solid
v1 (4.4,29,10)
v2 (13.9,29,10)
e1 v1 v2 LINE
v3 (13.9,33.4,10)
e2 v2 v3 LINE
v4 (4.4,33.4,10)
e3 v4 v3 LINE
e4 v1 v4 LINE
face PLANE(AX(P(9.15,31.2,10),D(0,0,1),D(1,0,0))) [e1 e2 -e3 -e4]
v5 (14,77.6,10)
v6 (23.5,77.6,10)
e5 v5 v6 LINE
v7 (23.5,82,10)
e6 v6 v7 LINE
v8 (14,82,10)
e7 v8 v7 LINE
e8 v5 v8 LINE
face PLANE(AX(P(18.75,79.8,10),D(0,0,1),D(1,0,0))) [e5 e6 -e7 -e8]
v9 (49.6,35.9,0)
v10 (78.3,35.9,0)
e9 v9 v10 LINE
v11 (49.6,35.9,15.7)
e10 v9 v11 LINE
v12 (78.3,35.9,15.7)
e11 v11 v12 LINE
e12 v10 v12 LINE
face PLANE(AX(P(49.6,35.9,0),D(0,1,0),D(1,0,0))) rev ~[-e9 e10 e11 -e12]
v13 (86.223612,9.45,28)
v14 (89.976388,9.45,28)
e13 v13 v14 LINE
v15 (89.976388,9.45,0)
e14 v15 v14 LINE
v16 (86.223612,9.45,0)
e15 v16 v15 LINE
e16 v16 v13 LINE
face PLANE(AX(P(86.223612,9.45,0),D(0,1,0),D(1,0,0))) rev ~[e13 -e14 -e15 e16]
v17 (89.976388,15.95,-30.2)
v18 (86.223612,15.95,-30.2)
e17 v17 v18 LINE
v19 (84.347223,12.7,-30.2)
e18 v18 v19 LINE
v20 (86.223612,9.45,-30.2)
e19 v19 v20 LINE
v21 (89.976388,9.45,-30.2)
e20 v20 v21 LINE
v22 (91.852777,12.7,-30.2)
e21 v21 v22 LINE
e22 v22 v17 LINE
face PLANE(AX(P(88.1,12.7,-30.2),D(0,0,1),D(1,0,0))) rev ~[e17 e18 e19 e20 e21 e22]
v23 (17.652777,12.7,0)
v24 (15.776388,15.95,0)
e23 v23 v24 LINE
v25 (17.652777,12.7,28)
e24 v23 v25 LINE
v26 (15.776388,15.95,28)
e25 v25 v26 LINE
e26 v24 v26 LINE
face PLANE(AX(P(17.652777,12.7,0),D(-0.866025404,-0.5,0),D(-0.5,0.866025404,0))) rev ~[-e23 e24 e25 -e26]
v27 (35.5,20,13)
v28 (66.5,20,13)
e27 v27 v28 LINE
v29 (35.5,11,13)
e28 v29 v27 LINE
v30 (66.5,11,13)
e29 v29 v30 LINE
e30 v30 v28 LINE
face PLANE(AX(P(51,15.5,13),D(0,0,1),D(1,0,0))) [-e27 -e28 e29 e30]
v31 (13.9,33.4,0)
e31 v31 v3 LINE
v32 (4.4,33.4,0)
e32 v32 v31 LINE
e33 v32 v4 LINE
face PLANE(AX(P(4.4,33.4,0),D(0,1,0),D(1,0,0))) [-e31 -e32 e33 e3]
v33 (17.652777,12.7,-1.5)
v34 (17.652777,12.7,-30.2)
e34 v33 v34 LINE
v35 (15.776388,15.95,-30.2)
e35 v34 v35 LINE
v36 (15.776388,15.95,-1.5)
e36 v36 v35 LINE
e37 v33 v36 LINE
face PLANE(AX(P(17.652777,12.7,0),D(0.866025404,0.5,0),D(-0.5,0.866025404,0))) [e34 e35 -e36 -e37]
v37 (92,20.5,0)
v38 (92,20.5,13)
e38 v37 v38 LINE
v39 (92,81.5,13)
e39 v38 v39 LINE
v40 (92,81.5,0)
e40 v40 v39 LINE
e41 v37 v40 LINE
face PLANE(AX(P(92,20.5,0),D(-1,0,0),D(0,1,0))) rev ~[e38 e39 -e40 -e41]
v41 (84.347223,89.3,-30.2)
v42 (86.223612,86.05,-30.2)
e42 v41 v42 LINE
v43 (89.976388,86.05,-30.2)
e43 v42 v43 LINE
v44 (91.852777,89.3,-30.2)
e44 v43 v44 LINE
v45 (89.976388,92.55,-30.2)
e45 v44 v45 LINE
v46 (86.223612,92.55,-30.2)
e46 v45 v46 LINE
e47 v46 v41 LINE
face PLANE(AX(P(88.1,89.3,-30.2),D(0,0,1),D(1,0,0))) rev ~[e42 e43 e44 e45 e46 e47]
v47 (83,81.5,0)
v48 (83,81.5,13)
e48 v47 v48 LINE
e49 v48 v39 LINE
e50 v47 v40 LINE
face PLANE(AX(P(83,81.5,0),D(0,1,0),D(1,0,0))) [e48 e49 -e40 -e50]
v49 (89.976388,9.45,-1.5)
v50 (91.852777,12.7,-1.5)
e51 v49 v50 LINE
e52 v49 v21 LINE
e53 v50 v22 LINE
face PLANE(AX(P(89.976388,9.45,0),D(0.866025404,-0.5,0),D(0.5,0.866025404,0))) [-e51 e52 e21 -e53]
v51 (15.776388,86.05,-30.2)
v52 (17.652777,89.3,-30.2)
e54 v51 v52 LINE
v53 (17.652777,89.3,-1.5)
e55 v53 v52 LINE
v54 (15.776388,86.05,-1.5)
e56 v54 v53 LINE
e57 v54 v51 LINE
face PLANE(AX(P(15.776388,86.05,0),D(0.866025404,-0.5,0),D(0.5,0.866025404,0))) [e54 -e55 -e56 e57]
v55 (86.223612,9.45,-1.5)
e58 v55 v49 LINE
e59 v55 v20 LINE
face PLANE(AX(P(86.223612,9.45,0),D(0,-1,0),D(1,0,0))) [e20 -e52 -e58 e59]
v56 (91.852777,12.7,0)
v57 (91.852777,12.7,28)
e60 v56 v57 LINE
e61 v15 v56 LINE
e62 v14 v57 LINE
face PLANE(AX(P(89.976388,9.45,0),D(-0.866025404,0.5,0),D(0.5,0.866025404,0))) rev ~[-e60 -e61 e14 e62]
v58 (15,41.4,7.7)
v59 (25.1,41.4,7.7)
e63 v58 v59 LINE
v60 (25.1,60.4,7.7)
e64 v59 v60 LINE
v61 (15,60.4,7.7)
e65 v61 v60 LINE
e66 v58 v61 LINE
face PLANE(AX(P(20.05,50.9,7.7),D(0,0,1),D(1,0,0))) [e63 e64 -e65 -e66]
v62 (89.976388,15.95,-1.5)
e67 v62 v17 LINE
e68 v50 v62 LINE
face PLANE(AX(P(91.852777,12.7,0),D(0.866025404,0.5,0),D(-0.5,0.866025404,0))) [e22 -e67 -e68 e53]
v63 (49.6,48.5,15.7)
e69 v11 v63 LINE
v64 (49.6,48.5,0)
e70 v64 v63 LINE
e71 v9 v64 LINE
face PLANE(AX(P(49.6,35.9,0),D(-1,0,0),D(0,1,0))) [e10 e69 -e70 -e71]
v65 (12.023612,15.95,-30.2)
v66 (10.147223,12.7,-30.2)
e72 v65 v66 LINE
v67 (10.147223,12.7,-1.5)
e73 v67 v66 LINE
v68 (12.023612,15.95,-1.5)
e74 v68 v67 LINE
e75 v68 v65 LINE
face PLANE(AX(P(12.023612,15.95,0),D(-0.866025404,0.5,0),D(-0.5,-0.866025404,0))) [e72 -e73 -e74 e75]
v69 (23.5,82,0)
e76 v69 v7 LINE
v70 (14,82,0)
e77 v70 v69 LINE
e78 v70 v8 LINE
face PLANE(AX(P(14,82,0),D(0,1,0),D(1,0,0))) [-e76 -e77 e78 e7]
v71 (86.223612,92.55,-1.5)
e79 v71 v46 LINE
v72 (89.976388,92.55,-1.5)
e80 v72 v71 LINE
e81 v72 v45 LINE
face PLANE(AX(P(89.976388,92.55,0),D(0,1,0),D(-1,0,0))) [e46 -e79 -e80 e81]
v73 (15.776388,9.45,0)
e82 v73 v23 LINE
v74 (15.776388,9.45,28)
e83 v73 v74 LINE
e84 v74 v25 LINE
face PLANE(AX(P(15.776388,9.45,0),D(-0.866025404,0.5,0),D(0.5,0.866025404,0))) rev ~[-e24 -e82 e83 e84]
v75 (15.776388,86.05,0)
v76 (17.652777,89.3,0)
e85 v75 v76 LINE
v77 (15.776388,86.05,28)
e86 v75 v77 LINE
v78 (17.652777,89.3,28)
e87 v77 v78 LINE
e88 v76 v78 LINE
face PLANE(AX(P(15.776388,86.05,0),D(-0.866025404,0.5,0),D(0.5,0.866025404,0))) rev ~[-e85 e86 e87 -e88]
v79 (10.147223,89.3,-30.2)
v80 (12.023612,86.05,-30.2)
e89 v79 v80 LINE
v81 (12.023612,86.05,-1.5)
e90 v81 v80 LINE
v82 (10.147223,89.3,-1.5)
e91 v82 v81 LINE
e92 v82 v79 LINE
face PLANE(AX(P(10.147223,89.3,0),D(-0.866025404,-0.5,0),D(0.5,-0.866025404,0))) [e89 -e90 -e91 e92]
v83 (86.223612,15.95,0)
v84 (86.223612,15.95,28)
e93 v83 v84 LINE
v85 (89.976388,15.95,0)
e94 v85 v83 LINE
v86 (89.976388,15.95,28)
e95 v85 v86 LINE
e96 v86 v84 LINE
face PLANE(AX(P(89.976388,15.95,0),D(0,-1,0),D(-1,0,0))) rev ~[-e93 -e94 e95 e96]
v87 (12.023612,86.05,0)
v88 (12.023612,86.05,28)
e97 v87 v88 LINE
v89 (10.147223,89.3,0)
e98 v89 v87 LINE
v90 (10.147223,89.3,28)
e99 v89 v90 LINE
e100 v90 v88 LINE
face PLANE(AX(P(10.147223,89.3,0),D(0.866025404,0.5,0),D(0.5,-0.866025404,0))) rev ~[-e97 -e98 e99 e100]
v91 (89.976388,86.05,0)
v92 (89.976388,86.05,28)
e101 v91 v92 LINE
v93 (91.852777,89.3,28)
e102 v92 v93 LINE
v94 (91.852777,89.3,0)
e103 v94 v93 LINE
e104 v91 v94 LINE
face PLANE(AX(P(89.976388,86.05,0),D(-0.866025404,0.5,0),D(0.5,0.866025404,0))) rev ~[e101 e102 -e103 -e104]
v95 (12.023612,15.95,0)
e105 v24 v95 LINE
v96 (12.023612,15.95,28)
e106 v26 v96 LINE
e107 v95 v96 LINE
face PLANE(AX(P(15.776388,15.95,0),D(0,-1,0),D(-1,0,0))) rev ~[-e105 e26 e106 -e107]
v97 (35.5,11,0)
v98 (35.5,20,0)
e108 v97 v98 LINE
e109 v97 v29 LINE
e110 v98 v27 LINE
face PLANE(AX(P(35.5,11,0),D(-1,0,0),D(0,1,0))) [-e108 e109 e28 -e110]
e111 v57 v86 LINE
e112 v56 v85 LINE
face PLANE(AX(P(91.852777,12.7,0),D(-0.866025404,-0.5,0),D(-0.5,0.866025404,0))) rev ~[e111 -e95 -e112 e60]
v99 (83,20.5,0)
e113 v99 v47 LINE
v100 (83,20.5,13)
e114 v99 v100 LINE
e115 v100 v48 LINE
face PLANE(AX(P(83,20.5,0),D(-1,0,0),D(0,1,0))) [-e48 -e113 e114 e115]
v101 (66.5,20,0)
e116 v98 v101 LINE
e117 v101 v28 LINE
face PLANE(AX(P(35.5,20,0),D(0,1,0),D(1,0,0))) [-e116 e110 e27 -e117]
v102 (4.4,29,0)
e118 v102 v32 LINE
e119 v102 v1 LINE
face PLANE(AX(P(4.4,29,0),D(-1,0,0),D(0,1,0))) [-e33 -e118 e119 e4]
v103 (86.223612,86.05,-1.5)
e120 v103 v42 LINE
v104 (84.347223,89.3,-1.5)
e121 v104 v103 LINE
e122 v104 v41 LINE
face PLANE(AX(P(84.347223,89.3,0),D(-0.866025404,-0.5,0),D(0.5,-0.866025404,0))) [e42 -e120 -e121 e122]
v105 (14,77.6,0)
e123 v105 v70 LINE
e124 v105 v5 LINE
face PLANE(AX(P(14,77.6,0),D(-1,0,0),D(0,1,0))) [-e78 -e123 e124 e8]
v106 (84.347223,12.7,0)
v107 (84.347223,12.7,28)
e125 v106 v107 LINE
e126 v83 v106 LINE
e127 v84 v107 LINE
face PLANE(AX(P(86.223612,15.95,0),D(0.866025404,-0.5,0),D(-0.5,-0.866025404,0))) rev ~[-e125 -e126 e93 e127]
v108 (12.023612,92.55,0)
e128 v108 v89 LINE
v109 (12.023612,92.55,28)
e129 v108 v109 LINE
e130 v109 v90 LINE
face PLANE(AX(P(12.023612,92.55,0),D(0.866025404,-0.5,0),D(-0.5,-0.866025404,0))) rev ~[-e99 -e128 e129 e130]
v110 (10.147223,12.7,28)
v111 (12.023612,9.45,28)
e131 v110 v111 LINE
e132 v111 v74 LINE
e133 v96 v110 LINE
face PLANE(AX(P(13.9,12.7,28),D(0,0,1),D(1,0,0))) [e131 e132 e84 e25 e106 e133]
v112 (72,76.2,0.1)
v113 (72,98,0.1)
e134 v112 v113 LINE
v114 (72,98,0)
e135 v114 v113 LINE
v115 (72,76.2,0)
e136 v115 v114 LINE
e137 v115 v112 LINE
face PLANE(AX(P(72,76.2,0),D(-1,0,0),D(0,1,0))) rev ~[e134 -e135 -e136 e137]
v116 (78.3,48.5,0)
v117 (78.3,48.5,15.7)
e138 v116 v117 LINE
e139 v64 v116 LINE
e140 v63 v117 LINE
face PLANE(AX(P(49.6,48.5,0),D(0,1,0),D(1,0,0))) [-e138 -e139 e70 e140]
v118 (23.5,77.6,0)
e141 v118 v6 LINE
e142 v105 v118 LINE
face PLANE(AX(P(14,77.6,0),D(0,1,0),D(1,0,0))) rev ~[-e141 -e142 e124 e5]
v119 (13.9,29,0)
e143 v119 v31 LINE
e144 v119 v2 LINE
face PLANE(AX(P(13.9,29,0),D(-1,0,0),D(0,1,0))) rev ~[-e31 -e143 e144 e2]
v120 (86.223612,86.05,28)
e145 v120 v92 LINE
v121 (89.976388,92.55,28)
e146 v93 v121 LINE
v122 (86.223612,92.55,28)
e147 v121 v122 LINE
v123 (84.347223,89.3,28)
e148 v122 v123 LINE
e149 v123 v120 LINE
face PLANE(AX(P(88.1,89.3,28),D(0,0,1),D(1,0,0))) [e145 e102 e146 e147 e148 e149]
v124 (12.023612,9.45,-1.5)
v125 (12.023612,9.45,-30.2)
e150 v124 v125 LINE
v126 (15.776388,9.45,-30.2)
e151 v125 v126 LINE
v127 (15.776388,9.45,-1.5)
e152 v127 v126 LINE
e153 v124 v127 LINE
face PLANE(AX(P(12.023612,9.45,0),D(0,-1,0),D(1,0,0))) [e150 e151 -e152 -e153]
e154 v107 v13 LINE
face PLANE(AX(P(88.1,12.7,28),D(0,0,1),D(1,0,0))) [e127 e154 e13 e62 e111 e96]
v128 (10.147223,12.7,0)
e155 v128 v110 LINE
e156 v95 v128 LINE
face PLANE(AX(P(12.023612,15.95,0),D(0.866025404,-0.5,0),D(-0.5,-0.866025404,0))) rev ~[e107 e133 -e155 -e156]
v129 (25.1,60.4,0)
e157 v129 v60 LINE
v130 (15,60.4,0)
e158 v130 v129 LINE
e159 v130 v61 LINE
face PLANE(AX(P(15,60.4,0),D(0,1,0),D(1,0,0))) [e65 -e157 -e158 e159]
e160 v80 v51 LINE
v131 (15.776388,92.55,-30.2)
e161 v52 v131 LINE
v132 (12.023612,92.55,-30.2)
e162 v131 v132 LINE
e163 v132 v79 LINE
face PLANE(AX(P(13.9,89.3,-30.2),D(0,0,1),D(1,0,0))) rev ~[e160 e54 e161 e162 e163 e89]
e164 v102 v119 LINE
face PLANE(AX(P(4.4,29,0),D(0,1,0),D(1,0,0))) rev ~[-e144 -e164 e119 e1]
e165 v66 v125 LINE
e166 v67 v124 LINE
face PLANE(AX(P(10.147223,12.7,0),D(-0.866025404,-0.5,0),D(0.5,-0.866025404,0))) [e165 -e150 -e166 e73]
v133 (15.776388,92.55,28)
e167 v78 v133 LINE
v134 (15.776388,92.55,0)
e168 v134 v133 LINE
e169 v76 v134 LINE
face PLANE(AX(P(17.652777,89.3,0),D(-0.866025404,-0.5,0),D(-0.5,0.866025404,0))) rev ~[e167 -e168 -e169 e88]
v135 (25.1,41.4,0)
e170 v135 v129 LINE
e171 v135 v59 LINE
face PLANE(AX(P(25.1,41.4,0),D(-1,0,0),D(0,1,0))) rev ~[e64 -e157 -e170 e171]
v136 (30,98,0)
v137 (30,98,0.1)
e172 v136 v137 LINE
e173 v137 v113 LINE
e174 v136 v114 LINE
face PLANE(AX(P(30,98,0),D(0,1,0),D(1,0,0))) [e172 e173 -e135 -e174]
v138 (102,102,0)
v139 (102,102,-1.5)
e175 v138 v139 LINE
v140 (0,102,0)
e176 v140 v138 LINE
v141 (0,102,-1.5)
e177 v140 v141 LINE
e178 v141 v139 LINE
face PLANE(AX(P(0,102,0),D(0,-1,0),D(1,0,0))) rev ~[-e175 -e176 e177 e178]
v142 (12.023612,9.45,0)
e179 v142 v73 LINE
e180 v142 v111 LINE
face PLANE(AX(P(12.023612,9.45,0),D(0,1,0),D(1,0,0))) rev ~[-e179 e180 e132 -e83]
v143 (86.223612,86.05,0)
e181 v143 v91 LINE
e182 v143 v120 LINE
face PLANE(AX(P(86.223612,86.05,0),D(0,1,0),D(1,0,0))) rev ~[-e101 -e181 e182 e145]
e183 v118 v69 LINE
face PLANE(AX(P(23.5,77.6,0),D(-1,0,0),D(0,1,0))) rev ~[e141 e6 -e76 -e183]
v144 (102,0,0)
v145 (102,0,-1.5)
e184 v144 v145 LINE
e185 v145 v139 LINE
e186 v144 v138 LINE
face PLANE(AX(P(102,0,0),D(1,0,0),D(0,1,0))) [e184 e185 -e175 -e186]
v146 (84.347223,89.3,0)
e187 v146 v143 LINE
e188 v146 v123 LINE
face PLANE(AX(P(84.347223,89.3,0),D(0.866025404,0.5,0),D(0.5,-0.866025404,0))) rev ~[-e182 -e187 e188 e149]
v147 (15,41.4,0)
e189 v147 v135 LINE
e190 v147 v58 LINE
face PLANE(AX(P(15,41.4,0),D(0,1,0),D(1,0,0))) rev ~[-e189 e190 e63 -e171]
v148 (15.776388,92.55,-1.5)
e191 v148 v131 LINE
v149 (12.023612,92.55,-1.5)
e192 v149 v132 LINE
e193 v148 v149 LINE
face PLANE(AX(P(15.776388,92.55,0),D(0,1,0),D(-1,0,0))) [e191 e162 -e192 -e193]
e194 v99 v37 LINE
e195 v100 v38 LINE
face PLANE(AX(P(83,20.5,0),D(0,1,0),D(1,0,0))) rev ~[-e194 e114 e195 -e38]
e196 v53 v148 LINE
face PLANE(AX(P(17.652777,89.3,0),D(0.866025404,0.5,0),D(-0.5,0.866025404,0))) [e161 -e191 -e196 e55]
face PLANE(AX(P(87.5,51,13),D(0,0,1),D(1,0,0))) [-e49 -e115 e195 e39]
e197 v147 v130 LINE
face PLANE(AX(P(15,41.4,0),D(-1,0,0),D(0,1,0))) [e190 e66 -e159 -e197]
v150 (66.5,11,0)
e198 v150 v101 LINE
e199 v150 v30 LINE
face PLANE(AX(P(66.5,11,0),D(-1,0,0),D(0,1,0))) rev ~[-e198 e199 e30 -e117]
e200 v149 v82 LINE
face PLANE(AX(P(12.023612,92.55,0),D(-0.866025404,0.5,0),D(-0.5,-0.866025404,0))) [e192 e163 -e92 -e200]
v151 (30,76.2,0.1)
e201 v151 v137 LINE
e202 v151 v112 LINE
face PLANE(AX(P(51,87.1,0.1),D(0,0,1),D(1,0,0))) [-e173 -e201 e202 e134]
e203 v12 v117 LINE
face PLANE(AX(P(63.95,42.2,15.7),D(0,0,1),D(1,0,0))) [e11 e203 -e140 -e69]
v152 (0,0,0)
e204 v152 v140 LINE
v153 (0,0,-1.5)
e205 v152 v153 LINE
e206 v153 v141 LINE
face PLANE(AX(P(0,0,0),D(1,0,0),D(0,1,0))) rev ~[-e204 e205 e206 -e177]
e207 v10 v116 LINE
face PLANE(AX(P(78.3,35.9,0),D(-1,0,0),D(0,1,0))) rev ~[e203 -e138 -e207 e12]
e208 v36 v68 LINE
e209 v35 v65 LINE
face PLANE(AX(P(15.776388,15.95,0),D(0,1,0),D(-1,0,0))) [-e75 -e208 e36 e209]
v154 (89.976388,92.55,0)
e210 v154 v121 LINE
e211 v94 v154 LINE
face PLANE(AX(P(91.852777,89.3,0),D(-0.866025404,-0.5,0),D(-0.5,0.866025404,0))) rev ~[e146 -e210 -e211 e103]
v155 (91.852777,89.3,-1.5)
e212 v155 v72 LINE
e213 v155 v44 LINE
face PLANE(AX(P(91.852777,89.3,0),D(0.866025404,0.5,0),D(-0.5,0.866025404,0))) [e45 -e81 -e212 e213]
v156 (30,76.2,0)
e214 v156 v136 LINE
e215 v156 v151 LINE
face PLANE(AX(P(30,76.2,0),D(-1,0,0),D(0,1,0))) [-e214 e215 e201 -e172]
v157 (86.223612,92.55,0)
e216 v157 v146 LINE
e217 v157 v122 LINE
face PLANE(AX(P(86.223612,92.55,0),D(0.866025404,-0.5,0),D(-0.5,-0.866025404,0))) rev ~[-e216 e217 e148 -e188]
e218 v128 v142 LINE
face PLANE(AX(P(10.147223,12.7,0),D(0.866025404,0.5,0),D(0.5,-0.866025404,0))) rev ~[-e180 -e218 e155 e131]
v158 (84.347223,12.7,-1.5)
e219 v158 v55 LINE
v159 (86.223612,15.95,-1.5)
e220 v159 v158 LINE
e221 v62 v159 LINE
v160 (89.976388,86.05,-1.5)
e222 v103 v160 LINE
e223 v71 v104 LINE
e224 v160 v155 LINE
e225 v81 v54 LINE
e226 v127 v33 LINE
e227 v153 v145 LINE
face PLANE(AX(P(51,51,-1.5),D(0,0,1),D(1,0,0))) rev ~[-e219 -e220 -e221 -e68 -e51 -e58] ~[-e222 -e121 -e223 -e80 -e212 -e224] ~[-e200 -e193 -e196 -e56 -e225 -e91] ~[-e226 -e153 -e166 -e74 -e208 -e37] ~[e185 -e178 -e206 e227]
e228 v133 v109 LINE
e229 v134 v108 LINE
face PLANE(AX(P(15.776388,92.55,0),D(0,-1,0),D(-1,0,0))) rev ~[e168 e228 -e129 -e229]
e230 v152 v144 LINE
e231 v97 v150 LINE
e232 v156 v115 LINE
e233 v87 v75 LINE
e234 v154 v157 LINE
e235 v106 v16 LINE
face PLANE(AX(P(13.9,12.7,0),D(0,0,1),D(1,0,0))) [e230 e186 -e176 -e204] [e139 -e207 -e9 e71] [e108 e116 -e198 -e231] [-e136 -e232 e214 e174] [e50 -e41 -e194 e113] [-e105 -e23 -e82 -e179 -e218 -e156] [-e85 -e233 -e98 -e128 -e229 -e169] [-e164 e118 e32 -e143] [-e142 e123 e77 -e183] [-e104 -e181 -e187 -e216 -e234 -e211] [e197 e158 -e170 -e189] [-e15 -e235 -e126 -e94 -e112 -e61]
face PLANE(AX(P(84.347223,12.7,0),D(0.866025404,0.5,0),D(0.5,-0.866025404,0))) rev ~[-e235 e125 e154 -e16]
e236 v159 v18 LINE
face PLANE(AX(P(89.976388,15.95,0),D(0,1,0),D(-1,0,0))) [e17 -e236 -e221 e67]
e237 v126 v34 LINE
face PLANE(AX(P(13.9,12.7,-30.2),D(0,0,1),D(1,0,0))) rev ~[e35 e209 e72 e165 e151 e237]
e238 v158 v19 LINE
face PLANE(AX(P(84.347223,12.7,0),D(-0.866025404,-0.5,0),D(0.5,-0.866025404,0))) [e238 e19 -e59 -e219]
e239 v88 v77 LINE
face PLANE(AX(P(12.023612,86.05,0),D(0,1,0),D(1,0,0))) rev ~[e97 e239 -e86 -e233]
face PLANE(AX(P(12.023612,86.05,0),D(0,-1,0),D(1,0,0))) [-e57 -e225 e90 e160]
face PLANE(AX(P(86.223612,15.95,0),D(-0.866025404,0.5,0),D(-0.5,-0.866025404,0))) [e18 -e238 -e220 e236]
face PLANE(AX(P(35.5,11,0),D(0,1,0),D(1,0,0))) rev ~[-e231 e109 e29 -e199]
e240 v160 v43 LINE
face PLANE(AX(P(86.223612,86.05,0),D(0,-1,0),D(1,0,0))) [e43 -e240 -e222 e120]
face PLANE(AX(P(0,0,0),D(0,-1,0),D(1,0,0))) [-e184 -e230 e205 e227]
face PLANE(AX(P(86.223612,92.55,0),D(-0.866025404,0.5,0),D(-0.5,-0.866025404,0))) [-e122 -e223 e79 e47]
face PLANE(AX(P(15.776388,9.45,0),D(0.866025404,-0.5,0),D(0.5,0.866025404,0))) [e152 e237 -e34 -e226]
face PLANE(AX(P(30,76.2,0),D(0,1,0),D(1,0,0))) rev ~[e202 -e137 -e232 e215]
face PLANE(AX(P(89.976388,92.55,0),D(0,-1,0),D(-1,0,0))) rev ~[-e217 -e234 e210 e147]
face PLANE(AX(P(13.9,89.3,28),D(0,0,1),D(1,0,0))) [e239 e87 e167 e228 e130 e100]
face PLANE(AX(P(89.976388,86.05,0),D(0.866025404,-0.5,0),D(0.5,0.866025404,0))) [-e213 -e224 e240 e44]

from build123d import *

# Parameters (mm, degrees)
F0_W     = 102
F0_H     = 102
F0_W_2   = 9.5
F0_H_2   = 4.4
F0_W_3   = 10.1
F0_H_3   = 19
F0_W_4   = 31
F0_H_4   = 9
F0_W_5   = 28.7
F0_H_5   = 12.6
F0_W_6   = 9
F0_H_6   = 61
F0_W_7   = 42
F0_H_7   = 21.8
F1_DEPTH = 1.5
F2_DEPTH = 30.2
F3_DEPTH = 28
F4_DEPTH = 0.1
F5_DEPTH = 13
F6_DEPTH = 10
F7_DEPTH = 7.7
F8_DEPTH = 15.7


with BuildPart() as f1:
    # F0 (on Top) → F1 (new body)
    with BuildSketch(Plane.XY):
        with Locations((51, 51)):
            Rectangle(F0_W, F0_H)
        Polygon((10.1472232503, 12.7), (12.0236116251, 15.95), (15.7763883749, 15.95), (17.6527767497, 12.7), (15.7763883749, 9.45), (12.0236116251, 9.45), align=None, mode=Mode.SUBTRACT)
        with Locations((9.15, 31.2)):
            Rectangle(F0_W_2, F0_H_2, mode=Mode.SUBTRACT)
        with Locations((20.05, 50.9)):
            Rectangle(F0_W_3, F0_H_3, mode=Mode.SUBTRACT)
        with Locations((51, 15.5)):
            Rectangle(F0_W_4, F0_H_4, mode=Mode.SUBTRACT)
        Polygon((86.2236116251, 15.95), (89.9763883749, 15.95), (91.8527767497, 12.7), (89.9763883749, 9.45), (86.2236116251, 9.45), (84.3472232503, 12.7), align=None, mode=Mode.SUBTRACT)
        with Locations((63.95, 42.2)):
            Rectangle(F0_W_5, F0_H_5, mode=Mode.SUBTRACT)
        with Locations((18.75, 79.8)):
            Rectangle(F0_W_2, F0_H_2, mode=Mode.SUBTRACT)
        Polygon((15.7763883749, 92.55), (17.6527767497, 89.3), (15.7763883749, 86.05), (12.0236116251, 86.05), (10.1472232503, 89.3), (12.0236116251, 92.55), align=None, mode=Mode.SUBTRACT)
        with Locations((87.5, 51)):
            Rectangle(F0_W_6, F0_H_6, mode=Mode.SUBTRACT)
        with Locations((51, 87.1)):
            Rectangle(F0_W_7, F0_H_7, mode=Mode.SUBTRACT)
        Polygon((89.9763883749, 92.55), (91.8527767497, 89.3), (89.9763883749, 86.05), (86.2236116251, 86.05), (84.3472232503, 89.3), (86.2236116251, 92.55), align=None, mode=Mode.SUBTRACT)
        with Locations((51, 87.1)):
            Rectangle(F0_W_7, F0_H_7)
        with Locations((87.5, 51)):
            Rectangle(F0_W_6, F0_H_6)
        with Locations((63.95, 42.2)):
            Rectangle(F0_W_5, F0_H_5)
        with Locations((51, 15.5)):
            Rectangle(F0_W_4, F0_H_4)
        with Locations((20.05, 50.9)):
            Rectangle(F0_W_3, F0_H_3)
        with Locations((9.15, 31.2)):
            Rectangle(F0_W_2, F0_H_2)
        with Locations((18.75, 79.8)):
            Rectangle(F0_W_2, F0_H_2)
        Polygon((91.8527767497, 12.7), (89.9763883749, 15.95), (86.2236116251, 15.95), (84.3472232503, 12.7), (86.2236116251, 9.45), (89.9763883749, 9.45), align=None)
        Polygon((15.7763883749, 15.95), (12.0236116251, 15.95), (10.1472232503, 12.7), (12.0236116251, 9.45), (15.7763883749, 9.45), (17.6527767497, 12.7), align=None)
        Polygon((15.7763883749, 86.05), (17.6527767497, 89.3), (15.7763883749, 92.55), (12.0236116251, 92.55), (10.1472232503, 89.3), (12.0236116251, 86.05), align=None)
        Polygon((89.9763883749, 86.05), (91.8527767497, 89.3), (89.9763883749, 92.55), (86.2236116251, 92.55), (84.3472232503, 89.3), (86.2236116251, 86.05), align=None)
    extrude(amount=-F1_DEPTH)

    # F0 (on Top) → F2 (join)
    with BuildSketch(Plane.XY):
        Polygon((15.7763883749, 15.95), (12.0236116251, 15.95), (10.1472232503, 12.7), (12.0236116251, 9.45), (15.7763883749, 9.45), (17.6527767497, 12.7), align=None)
        Polygon((15.7763883749, 86.05), (17.6527767497, 89.3), (15.7763883749, 92.55), (12.0236116251, 92.55), (10.1472232503, 89.3), (12.0236116251, 86.05), align=None)
        Polygon((89.9763883749, 86.05), (91.8527767497, 89.3), (89.9763883749, 92.55), (86.2236116251, 92.55), (84.3472232503, 89.3), (86.2236116251, 86.05), align=None)
        Polygon((91.8527767497, 12.7), (89.9763883749, 15.95), (86.2236116251, 15.95), (84.3472232503, 12.7), (86.2236116251, 9.45), (89.9763883749, 9.45), align=None)
    extrude(amount=-F2_DEPTH)

    # F0 (on Top) → F3 (join)
    with BuildSketch(Plane.XY):
        Polygon((15.7763883749, 86.05), (17.6527767497, 89.3), (15.7763883749, 92.55), (12.0236116251, 92.55), (10.1472232503, 89.3), (12.0236116251, 86.05), align=None)
        Polygon((89.9763883749, 86.05), (91.8527767497, 89.3), (89.9763883749, 92.55), (86.2236116251, 92.55), (84.3472232503, 89.3), (86.2236116251, 86.05), align=None)
        Polygon((91.8527767497, 12.7), (89.9763883749, 15.95), (86.2236116251, 15.95), (84.3472232503, 12.7), (86.2236116251, 9.45), (89.9763883749, 9.45), align=None)
        Polygon((15.7763883749, 15.95), (12.0236116251, 15.95), (10.1472232503, 12.7), (12.0236116251, 9.45), (15.7763883749, 9.45), (17.6527767497, 12.7), align=None)
    extrude(amount=F3_DEPTH)

    # F0 (on Top) → F4 (join)
    with BuildSketch(Plane.XY):
        with Locations((51, 87.1)):
            Rectangle(F0_W_7, F0_H_7)
    extrude(amount=F4_DEPTH)

    # F0 (on Top) → F5 (join)
    with BuildSketch(Plane.XY):
        with Locations((51, 15.5)):
            Rectangle(F0_W_4, F0_H_4)
        with Locations((87.5, 51)):
            Rectangle(F0_W_6, F0_H_6)
    extrude(amount=F5_DEPTH)

    # F0 (on Top) → F6 (join)
    with BuildSketch(Plane.XY):
        with Locations((9.15, 31.2)):
            Rectangle(F0_W_2, F0_H_2)
        with Locations((18.75, 79.8)):
            Rectangle(F0_W_2, F0_H_2)
    extrude(amount=F6_DEPTH)

    # F0 (on Top) → F7 (join)
    with BuildSketch(Plane.XY):
        with Locations((20.05, 50.9)):
            Rectangle(F0_W_3, F0_H_3)
    extrude(amount=F7_DEPTH)

    # F0 (on Top) → F8 (join)
    with BuildSketch(Plane.XY):
        with Locations((63.95, 42.2)):
            Rectangle(F0_W_5, F0_H_5)
    extrude(amount=F8_DEPTH)


solid = f1.part
